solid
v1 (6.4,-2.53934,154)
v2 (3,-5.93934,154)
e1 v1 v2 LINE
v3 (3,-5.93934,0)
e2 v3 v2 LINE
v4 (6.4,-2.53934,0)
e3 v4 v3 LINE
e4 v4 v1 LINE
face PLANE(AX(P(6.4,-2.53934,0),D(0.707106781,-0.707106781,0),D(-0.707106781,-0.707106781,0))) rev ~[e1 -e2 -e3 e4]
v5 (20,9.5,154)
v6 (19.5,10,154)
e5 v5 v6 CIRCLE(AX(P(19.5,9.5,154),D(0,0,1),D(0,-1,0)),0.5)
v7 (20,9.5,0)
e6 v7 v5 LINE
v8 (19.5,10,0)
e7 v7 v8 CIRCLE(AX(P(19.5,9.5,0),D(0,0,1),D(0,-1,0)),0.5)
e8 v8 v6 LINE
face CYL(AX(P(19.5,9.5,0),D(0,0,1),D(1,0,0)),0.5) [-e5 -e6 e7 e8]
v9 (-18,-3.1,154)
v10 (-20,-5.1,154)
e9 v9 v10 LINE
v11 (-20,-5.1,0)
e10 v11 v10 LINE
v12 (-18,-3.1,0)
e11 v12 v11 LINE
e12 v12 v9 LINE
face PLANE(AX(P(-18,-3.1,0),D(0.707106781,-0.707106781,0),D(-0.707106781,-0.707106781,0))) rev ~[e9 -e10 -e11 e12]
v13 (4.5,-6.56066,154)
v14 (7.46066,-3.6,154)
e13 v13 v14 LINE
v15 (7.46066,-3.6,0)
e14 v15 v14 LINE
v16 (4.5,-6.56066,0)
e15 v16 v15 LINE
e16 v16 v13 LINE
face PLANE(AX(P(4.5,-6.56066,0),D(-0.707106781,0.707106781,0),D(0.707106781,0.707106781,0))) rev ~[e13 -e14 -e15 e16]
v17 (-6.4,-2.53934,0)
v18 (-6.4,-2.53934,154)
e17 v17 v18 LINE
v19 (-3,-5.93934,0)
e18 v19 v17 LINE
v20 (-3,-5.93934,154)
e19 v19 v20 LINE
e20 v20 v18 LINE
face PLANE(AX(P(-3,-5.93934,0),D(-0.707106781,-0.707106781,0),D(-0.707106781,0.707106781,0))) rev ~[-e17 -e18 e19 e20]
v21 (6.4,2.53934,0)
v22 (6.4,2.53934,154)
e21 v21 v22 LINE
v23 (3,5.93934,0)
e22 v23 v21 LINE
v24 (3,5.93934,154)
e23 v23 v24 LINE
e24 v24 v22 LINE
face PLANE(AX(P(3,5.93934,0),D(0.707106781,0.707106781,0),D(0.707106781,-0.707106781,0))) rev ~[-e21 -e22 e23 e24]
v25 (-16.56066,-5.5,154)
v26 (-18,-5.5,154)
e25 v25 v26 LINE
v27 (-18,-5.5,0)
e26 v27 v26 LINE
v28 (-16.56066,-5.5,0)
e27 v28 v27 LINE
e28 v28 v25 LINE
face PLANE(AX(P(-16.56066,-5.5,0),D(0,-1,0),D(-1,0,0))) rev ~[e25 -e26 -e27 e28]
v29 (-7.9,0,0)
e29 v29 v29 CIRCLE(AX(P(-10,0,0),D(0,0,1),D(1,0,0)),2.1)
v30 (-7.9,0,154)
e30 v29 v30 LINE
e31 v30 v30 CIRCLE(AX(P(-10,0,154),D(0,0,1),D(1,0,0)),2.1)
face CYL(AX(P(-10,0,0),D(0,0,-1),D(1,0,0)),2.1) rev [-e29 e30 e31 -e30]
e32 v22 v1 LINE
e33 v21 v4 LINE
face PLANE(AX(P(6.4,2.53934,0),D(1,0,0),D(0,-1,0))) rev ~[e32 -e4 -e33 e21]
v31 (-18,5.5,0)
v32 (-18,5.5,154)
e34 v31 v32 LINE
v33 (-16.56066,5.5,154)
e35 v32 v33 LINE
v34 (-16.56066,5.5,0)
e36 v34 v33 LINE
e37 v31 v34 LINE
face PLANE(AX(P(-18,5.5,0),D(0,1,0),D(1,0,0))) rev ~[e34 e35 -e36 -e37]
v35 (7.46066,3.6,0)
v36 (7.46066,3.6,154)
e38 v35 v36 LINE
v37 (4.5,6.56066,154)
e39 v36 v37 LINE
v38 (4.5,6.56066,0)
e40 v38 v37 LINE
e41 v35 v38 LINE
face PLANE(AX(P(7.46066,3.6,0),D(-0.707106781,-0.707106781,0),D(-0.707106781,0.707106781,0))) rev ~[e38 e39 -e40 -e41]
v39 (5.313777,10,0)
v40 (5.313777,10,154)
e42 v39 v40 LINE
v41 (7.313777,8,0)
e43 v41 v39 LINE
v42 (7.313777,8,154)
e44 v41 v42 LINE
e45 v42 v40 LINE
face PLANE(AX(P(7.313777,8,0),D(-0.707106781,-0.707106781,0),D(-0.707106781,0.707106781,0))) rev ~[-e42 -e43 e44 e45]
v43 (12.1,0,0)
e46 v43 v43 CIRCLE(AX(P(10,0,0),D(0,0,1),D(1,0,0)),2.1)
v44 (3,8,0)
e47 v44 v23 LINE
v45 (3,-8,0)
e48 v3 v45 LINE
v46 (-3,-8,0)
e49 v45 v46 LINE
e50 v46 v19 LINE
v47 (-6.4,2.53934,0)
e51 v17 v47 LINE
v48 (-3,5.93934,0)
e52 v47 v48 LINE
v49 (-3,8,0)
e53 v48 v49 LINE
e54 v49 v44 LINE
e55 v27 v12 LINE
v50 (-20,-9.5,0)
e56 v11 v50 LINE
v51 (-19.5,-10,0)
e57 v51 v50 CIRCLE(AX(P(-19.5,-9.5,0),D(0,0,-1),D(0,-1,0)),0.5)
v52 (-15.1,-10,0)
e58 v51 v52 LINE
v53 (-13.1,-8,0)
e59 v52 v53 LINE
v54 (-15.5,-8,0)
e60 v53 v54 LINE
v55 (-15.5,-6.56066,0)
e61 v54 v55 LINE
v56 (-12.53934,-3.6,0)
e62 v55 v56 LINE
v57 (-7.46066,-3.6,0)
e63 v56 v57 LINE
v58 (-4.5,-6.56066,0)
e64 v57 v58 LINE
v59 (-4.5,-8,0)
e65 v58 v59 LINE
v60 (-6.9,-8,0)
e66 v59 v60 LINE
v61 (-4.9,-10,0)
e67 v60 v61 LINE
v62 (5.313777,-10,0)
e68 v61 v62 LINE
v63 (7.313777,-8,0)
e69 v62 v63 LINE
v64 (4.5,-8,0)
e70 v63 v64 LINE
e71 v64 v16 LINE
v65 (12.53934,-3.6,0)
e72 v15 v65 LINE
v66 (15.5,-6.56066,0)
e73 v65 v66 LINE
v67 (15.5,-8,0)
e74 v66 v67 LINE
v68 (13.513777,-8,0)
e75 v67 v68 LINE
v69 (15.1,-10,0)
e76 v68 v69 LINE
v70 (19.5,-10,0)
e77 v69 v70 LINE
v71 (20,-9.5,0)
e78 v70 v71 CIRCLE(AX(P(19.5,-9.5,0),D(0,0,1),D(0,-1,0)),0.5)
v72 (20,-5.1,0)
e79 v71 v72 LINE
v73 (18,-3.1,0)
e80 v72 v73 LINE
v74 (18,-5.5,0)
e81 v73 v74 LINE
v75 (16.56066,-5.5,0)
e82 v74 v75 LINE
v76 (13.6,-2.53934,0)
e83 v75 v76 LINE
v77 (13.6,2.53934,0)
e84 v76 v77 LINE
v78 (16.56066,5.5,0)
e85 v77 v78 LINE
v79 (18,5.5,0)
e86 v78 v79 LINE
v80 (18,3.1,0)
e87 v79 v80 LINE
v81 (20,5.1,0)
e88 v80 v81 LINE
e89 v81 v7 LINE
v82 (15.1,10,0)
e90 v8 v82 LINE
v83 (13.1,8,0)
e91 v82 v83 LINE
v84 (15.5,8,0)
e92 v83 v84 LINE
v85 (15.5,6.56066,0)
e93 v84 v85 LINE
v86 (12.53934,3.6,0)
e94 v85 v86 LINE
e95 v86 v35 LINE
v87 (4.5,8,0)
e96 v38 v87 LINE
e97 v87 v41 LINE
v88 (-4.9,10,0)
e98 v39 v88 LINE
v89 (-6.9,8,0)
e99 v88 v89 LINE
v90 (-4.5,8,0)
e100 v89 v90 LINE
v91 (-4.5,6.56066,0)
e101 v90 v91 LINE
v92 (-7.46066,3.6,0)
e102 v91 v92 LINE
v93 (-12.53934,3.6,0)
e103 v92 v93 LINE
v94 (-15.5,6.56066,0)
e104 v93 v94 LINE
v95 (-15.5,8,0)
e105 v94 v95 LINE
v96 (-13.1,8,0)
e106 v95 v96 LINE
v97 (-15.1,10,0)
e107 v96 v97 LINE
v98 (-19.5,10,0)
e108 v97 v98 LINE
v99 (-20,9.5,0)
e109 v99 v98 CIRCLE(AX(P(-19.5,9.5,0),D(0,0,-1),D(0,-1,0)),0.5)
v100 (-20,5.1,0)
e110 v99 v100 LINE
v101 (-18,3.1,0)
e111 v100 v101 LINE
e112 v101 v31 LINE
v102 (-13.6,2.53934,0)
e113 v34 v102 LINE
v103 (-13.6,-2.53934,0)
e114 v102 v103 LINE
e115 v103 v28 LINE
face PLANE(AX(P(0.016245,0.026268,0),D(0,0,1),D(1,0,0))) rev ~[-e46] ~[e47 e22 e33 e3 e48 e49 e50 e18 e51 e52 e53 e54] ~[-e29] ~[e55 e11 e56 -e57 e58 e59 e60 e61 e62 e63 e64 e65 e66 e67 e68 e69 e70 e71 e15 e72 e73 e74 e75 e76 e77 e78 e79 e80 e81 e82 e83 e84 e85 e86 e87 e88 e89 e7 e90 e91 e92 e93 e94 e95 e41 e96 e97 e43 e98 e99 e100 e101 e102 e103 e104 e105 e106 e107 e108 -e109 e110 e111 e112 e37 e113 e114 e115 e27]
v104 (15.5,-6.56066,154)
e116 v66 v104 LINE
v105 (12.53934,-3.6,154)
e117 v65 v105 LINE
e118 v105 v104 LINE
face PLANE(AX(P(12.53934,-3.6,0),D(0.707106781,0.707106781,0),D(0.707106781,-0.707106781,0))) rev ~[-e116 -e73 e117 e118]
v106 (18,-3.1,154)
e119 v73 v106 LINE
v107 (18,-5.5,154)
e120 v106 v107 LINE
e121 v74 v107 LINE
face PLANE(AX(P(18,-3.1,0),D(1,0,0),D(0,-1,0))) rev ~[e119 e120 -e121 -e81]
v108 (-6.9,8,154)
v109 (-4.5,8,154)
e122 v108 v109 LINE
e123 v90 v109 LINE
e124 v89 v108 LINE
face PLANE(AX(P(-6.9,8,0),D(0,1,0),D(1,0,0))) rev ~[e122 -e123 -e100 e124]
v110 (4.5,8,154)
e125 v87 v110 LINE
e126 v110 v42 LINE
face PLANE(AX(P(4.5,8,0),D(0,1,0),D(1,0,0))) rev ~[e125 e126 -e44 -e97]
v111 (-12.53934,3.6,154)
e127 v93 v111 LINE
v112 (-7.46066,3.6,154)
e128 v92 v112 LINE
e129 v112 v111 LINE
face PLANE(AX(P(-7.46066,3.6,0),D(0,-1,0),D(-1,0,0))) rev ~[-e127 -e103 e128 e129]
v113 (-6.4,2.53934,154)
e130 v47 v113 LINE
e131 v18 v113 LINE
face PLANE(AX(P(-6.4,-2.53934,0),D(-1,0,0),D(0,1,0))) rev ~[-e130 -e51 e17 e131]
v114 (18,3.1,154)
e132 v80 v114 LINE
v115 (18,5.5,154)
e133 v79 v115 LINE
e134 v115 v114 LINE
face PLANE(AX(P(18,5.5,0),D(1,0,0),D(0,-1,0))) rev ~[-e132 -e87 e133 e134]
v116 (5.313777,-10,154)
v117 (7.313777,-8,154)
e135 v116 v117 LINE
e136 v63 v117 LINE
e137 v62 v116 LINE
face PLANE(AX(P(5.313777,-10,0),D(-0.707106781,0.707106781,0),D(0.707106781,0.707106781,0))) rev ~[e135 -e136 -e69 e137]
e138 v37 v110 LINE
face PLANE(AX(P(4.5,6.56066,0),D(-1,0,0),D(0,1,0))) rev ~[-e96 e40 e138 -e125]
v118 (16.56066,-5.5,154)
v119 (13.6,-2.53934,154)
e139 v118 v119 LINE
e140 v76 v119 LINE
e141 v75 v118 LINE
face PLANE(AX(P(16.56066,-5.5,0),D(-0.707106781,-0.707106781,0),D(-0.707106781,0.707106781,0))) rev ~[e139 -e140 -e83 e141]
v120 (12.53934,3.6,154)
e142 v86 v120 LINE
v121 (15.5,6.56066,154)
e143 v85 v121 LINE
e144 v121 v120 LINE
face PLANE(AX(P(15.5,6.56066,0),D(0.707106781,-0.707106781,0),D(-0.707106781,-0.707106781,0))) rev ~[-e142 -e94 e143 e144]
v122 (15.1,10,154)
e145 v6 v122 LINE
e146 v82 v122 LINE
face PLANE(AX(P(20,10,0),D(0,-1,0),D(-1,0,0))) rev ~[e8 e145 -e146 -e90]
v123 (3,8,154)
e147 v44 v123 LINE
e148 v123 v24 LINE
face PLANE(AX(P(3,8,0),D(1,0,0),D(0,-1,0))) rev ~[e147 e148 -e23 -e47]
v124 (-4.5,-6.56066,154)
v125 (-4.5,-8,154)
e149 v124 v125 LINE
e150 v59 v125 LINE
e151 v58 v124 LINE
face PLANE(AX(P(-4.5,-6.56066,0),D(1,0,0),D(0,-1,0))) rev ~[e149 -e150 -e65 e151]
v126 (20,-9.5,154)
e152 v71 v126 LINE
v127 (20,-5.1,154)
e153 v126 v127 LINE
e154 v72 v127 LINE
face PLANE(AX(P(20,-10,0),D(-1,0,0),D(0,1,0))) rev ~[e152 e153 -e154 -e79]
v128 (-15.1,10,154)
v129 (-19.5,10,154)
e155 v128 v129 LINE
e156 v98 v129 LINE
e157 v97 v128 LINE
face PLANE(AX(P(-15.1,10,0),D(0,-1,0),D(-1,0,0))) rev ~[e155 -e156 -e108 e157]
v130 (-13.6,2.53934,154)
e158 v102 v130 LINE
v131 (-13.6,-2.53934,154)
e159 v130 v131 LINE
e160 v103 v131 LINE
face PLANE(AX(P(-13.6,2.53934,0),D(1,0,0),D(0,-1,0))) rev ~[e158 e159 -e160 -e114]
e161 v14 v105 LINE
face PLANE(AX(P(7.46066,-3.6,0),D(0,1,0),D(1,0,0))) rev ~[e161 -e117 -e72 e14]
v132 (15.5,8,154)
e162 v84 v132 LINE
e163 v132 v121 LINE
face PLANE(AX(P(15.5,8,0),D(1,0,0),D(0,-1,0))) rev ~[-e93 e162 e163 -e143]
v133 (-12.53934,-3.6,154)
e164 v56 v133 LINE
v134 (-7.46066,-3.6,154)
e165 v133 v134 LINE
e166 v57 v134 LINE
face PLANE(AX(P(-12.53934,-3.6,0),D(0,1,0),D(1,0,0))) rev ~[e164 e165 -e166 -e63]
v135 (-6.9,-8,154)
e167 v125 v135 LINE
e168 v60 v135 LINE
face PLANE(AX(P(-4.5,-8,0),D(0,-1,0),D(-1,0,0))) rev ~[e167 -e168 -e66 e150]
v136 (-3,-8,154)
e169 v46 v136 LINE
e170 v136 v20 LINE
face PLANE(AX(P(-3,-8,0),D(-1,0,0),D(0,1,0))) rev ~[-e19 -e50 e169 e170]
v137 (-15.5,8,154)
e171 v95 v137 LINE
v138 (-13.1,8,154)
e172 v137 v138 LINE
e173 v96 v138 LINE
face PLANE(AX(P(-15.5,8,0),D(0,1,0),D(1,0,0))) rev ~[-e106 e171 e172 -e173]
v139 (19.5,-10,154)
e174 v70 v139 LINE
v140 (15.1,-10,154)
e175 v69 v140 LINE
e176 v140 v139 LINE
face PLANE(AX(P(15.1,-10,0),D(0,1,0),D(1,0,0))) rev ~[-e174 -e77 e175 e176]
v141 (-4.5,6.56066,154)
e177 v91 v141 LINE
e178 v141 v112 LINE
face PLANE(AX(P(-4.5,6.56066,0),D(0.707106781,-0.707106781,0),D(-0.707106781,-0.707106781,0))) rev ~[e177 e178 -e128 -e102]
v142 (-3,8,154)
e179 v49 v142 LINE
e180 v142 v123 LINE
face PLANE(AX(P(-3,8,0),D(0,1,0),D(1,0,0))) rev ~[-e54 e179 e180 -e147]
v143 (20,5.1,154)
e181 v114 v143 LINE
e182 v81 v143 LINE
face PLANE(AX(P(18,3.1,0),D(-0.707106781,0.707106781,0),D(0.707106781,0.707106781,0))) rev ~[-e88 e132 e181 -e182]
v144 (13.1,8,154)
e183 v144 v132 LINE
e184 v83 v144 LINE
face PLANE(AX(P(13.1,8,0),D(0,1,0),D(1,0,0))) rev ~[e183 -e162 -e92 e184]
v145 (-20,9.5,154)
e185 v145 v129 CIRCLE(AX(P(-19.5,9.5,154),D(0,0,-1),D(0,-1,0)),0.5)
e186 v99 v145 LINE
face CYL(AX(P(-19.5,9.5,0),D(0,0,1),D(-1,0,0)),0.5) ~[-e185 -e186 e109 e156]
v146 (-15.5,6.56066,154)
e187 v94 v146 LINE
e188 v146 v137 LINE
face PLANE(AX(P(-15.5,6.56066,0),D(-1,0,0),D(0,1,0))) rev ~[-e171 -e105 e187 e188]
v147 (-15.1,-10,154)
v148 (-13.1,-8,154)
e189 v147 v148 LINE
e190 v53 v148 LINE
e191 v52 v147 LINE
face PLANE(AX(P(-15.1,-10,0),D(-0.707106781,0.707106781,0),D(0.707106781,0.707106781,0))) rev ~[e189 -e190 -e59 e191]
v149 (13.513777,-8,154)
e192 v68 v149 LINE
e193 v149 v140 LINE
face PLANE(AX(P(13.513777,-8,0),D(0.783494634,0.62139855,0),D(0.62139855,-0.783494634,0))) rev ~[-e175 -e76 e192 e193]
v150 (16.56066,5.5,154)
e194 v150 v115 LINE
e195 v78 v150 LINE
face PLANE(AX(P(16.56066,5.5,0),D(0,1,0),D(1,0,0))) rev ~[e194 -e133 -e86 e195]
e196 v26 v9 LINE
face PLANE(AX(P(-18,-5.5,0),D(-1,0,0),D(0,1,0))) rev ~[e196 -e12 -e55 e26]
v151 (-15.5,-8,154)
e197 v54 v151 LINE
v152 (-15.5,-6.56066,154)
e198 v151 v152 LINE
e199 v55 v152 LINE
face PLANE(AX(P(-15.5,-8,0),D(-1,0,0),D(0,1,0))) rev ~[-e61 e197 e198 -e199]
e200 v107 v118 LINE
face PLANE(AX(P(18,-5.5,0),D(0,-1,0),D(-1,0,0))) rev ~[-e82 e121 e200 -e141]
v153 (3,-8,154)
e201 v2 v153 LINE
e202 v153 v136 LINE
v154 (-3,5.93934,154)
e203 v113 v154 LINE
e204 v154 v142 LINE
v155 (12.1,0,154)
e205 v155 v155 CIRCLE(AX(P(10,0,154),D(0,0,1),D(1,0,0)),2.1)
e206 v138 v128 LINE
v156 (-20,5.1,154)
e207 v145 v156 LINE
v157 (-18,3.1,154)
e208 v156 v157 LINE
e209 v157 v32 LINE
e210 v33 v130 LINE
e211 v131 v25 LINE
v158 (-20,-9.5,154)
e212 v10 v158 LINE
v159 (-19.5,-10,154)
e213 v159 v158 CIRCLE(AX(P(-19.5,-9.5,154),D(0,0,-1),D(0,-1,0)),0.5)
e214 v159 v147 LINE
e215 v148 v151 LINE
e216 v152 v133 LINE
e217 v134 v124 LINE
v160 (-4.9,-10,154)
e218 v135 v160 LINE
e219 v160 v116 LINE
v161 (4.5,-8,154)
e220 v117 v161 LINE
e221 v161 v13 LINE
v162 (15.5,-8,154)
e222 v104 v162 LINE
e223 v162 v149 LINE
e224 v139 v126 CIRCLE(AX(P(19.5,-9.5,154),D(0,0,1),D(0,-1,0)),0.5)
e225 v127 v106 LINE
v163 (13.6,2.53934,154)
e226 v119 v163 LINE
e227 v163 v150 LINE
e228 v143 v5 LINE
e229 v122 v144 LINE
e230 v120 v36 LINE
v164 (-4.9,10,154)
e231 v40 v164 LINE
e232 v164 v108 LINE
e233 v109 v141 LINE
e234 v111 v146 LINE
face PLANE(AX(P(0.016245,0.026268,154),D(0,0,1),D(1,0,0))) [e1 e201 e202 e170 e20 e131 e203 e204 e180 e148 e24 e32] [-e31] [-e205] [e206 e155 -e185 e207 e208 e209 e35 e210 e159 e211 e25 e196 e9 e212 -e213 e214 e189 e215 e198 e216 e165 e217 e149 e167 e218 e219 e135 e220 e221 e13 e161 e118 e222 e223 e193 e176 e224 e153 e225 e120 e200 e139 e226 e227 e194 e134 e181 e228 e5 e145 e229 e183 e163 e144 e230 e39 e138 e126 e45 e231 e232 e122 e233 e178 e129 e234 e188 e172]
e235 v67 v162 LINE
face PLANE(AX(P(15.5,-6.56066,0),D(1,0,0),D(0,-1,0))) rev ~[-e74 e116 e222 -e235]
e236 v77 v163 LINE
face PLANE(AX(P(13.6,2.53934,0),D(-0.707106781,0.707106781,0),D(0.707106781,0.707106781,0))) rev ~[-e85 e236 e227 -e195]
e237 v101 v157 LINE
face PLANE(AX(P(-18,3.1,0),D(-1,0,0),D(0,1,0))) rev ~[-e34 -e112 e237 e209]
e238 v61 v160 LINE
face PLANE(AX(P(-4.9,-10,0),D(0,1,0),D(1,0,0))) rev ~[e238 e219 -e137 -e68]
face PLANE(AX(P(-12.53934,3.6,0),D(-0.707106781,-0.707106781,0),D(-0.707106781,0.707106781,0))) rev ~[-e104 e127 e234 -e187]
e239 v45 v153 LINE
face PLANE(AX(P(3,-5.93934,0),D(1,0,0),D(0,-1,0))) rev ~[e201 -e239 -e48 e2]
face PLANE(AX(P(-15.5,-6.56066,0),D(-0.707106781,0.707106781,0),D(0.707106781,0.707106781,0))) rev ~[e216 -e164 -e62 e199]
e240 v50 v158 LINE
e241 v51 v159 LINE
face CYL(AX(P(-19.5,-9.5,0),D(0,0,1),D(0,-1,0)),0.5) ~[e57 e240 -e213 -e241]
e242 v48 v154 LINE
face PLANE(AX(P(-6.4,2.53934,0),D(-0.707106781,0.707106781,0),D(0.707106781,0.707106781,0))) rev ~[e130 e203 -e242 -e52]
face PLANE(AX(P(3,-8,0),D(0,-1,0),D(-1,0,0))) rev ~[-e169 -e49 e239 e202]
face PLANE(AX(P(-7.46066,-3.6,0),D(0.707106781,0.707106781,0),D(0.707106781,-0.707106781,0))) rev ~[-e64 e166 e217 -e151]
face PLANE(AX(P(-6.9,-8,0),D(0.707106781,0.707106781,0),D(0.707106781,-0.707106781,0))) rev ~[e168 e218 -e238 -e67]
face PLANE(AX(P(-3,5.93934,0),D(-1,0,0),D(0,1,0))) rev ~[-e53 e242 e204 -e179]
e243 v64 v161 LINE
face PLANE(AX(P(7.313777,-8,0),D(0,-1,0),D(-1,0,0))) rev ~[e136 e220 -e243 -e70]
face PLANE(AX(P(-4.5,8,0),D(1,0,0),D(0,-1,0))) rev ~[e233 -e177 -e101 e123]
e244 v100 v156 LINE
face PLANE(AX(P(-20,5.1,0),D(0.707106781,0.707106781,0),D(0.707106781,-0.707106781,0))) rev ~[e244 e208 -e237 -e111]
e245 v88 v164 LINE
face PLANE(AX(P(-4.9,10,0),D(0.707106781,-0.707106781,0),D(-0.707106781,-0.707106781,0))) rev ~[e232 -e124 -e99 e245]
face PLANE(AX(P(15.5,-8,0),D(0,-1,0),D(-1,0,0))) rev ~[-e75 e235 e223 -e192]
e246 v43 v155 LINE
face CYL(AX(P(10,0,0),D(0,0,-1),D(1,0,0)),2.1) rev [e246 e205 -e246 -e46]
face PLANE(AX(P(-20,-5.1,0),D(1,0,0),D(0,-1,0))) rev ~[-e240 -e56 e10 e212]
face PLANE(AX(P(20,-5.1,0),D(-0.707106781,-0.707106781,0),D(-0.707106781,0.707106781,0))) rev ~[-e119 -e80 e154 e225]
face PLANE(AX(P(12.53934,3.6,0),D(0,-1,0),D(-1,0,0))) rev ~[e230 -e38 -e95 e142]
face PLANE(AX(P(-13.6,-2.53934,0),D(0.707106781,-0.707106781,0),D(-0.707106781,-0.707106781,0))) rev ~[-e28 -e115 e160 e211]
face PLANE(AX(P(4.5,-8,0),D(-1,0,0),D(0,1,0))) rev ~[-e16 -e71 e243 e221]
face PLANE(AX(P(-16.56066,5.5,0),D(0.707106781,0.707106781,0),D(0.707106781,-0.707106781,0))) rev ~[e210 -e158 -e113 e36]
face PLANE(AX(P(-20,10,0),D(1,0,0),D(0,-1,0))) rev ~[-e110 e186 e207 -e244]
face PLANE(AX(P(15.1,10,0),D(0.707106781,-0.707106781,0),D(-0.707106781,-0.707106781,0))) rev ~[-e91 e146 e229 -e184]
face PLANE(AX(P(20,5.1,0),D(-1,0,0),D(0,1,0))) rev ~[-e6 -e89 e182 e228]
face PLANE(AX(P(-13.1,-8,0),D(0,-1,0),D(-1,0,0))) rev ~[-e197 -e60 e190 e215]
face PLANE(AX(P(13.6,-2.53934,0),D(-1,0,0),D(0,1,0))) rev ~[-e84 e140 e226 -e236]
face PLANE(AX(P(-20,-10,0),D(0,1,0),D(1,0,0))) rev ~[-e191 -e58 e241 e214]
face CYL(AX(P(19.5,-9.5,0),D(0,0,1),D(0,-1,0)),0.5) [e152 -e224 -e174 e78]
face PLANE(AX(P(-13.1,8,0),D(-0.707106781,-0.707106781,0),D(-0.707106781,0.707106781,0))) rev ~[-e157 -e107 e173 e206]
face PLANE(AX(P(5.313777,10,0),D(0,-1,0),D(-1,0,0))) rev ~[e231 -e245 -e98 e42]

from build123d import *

# Parameters (mm, degrees)
SKETCH1_R           = 2.1
BOSS_EXTRUDE1_DEPTH = 154
FILLET1_R           = 0.5


with BuildPart() as part:
    # Sketch1 → Boss-Extrude1 (new body)
    with BuildSketch(Plane.XY):
        Polygon((-20, -10), (-15.5, -10), (-15.1, -10), (-13.1, -8), (-15.5, -8), (-15.5, -6.560660172), (-12.539339828, -3.6), (-7.460660172, -3.6), (-4.5, -6.560660172), (-4.5, -8), (-6.9, -8), (-4.9, -10), (5.313777138, -10), (7.313777138, -8), (4.5, -8), (4.5, -6.560660172), (7.460660172, -3.6), (12.539339828, -3.6), (15.5, -6.560660172), (15.5, -8), (13.513777138, -8), (15.1, -10), (15.5, -10), (20, -10), (20, -5.5), (20, -5.1), (18, -3.1), (18, -5.5), (16.560660172, -5.5), (13.6, -2.539339828), (13.6, 2.539339828), (16.560660172, 5.5), (18, 5.5), (18, 3.1), (20, 5.1), (20, 5.5), (20, 10), (15.5, 10), (15.1, 10), (13.1, 8), (15.5, 8), (15.5, 6.560660172), (12.539339828, 3.6), (7.460660172, 3.6), (4.5, 6.560660172), (4.5, 8), (7.313777138, 8), (5.313777138, 10), (-4.9, 10), (-6.9, 8), (-4.5, 8), (-4.5, 6.560660172), (-7.460660172, 3.6), (-12.539339828, 3.6), (-15.5, 6.560660172), (-15.5, 8), (-13.1, 8), (-15.1, 10), (-15.5, 10), (-20, 10), (-20, 5.5), (-20, 5.1), (-18, 3.1), (-18, 5.5), (-16.560660172, 5.5), (-13.6, 2.539339828), (-13.6, -2.539339828), (-16.560660172, -5.5), (-18, -5.5), (-18, -3.1), (-20, -5.1), (-20, -5.5), align=None)
        with Locations((-10, 0)):
            Circle(SKETCH1_R, mode=Mode.SUBTRACT)
        with Locations((10, 0)):
            Circle(SKETCH1_R, mode=Mode.SUBTRACT)
        Polygon((3, -5.939339828), (3, -8), (-3, -8), (-3, -5.939339828), (-6.4, -2.539339828), (-6.4, 2.539339828), (-3, 5.939339828), (-3, 8), (3, 8), (3, 5.939339828), (6.4, 2.539339828), (6.4, -2.539339828), align=None, mode=Mode.SUBTRACT)
    extrude(amount=BOSS_EXTRUDE1_DEPTH)

    # Fillet1
    fillet1_edges = [part.edges().sort_by_distance(p)[0] for p in [
        (-20, 10, 77),
        (20, 10, 77),
        (20, -10, 77),
        (-20, -10, 77),
    ]]
    fillet(fillet1_edges, radius=FILLET1_R)


solid = part.part
